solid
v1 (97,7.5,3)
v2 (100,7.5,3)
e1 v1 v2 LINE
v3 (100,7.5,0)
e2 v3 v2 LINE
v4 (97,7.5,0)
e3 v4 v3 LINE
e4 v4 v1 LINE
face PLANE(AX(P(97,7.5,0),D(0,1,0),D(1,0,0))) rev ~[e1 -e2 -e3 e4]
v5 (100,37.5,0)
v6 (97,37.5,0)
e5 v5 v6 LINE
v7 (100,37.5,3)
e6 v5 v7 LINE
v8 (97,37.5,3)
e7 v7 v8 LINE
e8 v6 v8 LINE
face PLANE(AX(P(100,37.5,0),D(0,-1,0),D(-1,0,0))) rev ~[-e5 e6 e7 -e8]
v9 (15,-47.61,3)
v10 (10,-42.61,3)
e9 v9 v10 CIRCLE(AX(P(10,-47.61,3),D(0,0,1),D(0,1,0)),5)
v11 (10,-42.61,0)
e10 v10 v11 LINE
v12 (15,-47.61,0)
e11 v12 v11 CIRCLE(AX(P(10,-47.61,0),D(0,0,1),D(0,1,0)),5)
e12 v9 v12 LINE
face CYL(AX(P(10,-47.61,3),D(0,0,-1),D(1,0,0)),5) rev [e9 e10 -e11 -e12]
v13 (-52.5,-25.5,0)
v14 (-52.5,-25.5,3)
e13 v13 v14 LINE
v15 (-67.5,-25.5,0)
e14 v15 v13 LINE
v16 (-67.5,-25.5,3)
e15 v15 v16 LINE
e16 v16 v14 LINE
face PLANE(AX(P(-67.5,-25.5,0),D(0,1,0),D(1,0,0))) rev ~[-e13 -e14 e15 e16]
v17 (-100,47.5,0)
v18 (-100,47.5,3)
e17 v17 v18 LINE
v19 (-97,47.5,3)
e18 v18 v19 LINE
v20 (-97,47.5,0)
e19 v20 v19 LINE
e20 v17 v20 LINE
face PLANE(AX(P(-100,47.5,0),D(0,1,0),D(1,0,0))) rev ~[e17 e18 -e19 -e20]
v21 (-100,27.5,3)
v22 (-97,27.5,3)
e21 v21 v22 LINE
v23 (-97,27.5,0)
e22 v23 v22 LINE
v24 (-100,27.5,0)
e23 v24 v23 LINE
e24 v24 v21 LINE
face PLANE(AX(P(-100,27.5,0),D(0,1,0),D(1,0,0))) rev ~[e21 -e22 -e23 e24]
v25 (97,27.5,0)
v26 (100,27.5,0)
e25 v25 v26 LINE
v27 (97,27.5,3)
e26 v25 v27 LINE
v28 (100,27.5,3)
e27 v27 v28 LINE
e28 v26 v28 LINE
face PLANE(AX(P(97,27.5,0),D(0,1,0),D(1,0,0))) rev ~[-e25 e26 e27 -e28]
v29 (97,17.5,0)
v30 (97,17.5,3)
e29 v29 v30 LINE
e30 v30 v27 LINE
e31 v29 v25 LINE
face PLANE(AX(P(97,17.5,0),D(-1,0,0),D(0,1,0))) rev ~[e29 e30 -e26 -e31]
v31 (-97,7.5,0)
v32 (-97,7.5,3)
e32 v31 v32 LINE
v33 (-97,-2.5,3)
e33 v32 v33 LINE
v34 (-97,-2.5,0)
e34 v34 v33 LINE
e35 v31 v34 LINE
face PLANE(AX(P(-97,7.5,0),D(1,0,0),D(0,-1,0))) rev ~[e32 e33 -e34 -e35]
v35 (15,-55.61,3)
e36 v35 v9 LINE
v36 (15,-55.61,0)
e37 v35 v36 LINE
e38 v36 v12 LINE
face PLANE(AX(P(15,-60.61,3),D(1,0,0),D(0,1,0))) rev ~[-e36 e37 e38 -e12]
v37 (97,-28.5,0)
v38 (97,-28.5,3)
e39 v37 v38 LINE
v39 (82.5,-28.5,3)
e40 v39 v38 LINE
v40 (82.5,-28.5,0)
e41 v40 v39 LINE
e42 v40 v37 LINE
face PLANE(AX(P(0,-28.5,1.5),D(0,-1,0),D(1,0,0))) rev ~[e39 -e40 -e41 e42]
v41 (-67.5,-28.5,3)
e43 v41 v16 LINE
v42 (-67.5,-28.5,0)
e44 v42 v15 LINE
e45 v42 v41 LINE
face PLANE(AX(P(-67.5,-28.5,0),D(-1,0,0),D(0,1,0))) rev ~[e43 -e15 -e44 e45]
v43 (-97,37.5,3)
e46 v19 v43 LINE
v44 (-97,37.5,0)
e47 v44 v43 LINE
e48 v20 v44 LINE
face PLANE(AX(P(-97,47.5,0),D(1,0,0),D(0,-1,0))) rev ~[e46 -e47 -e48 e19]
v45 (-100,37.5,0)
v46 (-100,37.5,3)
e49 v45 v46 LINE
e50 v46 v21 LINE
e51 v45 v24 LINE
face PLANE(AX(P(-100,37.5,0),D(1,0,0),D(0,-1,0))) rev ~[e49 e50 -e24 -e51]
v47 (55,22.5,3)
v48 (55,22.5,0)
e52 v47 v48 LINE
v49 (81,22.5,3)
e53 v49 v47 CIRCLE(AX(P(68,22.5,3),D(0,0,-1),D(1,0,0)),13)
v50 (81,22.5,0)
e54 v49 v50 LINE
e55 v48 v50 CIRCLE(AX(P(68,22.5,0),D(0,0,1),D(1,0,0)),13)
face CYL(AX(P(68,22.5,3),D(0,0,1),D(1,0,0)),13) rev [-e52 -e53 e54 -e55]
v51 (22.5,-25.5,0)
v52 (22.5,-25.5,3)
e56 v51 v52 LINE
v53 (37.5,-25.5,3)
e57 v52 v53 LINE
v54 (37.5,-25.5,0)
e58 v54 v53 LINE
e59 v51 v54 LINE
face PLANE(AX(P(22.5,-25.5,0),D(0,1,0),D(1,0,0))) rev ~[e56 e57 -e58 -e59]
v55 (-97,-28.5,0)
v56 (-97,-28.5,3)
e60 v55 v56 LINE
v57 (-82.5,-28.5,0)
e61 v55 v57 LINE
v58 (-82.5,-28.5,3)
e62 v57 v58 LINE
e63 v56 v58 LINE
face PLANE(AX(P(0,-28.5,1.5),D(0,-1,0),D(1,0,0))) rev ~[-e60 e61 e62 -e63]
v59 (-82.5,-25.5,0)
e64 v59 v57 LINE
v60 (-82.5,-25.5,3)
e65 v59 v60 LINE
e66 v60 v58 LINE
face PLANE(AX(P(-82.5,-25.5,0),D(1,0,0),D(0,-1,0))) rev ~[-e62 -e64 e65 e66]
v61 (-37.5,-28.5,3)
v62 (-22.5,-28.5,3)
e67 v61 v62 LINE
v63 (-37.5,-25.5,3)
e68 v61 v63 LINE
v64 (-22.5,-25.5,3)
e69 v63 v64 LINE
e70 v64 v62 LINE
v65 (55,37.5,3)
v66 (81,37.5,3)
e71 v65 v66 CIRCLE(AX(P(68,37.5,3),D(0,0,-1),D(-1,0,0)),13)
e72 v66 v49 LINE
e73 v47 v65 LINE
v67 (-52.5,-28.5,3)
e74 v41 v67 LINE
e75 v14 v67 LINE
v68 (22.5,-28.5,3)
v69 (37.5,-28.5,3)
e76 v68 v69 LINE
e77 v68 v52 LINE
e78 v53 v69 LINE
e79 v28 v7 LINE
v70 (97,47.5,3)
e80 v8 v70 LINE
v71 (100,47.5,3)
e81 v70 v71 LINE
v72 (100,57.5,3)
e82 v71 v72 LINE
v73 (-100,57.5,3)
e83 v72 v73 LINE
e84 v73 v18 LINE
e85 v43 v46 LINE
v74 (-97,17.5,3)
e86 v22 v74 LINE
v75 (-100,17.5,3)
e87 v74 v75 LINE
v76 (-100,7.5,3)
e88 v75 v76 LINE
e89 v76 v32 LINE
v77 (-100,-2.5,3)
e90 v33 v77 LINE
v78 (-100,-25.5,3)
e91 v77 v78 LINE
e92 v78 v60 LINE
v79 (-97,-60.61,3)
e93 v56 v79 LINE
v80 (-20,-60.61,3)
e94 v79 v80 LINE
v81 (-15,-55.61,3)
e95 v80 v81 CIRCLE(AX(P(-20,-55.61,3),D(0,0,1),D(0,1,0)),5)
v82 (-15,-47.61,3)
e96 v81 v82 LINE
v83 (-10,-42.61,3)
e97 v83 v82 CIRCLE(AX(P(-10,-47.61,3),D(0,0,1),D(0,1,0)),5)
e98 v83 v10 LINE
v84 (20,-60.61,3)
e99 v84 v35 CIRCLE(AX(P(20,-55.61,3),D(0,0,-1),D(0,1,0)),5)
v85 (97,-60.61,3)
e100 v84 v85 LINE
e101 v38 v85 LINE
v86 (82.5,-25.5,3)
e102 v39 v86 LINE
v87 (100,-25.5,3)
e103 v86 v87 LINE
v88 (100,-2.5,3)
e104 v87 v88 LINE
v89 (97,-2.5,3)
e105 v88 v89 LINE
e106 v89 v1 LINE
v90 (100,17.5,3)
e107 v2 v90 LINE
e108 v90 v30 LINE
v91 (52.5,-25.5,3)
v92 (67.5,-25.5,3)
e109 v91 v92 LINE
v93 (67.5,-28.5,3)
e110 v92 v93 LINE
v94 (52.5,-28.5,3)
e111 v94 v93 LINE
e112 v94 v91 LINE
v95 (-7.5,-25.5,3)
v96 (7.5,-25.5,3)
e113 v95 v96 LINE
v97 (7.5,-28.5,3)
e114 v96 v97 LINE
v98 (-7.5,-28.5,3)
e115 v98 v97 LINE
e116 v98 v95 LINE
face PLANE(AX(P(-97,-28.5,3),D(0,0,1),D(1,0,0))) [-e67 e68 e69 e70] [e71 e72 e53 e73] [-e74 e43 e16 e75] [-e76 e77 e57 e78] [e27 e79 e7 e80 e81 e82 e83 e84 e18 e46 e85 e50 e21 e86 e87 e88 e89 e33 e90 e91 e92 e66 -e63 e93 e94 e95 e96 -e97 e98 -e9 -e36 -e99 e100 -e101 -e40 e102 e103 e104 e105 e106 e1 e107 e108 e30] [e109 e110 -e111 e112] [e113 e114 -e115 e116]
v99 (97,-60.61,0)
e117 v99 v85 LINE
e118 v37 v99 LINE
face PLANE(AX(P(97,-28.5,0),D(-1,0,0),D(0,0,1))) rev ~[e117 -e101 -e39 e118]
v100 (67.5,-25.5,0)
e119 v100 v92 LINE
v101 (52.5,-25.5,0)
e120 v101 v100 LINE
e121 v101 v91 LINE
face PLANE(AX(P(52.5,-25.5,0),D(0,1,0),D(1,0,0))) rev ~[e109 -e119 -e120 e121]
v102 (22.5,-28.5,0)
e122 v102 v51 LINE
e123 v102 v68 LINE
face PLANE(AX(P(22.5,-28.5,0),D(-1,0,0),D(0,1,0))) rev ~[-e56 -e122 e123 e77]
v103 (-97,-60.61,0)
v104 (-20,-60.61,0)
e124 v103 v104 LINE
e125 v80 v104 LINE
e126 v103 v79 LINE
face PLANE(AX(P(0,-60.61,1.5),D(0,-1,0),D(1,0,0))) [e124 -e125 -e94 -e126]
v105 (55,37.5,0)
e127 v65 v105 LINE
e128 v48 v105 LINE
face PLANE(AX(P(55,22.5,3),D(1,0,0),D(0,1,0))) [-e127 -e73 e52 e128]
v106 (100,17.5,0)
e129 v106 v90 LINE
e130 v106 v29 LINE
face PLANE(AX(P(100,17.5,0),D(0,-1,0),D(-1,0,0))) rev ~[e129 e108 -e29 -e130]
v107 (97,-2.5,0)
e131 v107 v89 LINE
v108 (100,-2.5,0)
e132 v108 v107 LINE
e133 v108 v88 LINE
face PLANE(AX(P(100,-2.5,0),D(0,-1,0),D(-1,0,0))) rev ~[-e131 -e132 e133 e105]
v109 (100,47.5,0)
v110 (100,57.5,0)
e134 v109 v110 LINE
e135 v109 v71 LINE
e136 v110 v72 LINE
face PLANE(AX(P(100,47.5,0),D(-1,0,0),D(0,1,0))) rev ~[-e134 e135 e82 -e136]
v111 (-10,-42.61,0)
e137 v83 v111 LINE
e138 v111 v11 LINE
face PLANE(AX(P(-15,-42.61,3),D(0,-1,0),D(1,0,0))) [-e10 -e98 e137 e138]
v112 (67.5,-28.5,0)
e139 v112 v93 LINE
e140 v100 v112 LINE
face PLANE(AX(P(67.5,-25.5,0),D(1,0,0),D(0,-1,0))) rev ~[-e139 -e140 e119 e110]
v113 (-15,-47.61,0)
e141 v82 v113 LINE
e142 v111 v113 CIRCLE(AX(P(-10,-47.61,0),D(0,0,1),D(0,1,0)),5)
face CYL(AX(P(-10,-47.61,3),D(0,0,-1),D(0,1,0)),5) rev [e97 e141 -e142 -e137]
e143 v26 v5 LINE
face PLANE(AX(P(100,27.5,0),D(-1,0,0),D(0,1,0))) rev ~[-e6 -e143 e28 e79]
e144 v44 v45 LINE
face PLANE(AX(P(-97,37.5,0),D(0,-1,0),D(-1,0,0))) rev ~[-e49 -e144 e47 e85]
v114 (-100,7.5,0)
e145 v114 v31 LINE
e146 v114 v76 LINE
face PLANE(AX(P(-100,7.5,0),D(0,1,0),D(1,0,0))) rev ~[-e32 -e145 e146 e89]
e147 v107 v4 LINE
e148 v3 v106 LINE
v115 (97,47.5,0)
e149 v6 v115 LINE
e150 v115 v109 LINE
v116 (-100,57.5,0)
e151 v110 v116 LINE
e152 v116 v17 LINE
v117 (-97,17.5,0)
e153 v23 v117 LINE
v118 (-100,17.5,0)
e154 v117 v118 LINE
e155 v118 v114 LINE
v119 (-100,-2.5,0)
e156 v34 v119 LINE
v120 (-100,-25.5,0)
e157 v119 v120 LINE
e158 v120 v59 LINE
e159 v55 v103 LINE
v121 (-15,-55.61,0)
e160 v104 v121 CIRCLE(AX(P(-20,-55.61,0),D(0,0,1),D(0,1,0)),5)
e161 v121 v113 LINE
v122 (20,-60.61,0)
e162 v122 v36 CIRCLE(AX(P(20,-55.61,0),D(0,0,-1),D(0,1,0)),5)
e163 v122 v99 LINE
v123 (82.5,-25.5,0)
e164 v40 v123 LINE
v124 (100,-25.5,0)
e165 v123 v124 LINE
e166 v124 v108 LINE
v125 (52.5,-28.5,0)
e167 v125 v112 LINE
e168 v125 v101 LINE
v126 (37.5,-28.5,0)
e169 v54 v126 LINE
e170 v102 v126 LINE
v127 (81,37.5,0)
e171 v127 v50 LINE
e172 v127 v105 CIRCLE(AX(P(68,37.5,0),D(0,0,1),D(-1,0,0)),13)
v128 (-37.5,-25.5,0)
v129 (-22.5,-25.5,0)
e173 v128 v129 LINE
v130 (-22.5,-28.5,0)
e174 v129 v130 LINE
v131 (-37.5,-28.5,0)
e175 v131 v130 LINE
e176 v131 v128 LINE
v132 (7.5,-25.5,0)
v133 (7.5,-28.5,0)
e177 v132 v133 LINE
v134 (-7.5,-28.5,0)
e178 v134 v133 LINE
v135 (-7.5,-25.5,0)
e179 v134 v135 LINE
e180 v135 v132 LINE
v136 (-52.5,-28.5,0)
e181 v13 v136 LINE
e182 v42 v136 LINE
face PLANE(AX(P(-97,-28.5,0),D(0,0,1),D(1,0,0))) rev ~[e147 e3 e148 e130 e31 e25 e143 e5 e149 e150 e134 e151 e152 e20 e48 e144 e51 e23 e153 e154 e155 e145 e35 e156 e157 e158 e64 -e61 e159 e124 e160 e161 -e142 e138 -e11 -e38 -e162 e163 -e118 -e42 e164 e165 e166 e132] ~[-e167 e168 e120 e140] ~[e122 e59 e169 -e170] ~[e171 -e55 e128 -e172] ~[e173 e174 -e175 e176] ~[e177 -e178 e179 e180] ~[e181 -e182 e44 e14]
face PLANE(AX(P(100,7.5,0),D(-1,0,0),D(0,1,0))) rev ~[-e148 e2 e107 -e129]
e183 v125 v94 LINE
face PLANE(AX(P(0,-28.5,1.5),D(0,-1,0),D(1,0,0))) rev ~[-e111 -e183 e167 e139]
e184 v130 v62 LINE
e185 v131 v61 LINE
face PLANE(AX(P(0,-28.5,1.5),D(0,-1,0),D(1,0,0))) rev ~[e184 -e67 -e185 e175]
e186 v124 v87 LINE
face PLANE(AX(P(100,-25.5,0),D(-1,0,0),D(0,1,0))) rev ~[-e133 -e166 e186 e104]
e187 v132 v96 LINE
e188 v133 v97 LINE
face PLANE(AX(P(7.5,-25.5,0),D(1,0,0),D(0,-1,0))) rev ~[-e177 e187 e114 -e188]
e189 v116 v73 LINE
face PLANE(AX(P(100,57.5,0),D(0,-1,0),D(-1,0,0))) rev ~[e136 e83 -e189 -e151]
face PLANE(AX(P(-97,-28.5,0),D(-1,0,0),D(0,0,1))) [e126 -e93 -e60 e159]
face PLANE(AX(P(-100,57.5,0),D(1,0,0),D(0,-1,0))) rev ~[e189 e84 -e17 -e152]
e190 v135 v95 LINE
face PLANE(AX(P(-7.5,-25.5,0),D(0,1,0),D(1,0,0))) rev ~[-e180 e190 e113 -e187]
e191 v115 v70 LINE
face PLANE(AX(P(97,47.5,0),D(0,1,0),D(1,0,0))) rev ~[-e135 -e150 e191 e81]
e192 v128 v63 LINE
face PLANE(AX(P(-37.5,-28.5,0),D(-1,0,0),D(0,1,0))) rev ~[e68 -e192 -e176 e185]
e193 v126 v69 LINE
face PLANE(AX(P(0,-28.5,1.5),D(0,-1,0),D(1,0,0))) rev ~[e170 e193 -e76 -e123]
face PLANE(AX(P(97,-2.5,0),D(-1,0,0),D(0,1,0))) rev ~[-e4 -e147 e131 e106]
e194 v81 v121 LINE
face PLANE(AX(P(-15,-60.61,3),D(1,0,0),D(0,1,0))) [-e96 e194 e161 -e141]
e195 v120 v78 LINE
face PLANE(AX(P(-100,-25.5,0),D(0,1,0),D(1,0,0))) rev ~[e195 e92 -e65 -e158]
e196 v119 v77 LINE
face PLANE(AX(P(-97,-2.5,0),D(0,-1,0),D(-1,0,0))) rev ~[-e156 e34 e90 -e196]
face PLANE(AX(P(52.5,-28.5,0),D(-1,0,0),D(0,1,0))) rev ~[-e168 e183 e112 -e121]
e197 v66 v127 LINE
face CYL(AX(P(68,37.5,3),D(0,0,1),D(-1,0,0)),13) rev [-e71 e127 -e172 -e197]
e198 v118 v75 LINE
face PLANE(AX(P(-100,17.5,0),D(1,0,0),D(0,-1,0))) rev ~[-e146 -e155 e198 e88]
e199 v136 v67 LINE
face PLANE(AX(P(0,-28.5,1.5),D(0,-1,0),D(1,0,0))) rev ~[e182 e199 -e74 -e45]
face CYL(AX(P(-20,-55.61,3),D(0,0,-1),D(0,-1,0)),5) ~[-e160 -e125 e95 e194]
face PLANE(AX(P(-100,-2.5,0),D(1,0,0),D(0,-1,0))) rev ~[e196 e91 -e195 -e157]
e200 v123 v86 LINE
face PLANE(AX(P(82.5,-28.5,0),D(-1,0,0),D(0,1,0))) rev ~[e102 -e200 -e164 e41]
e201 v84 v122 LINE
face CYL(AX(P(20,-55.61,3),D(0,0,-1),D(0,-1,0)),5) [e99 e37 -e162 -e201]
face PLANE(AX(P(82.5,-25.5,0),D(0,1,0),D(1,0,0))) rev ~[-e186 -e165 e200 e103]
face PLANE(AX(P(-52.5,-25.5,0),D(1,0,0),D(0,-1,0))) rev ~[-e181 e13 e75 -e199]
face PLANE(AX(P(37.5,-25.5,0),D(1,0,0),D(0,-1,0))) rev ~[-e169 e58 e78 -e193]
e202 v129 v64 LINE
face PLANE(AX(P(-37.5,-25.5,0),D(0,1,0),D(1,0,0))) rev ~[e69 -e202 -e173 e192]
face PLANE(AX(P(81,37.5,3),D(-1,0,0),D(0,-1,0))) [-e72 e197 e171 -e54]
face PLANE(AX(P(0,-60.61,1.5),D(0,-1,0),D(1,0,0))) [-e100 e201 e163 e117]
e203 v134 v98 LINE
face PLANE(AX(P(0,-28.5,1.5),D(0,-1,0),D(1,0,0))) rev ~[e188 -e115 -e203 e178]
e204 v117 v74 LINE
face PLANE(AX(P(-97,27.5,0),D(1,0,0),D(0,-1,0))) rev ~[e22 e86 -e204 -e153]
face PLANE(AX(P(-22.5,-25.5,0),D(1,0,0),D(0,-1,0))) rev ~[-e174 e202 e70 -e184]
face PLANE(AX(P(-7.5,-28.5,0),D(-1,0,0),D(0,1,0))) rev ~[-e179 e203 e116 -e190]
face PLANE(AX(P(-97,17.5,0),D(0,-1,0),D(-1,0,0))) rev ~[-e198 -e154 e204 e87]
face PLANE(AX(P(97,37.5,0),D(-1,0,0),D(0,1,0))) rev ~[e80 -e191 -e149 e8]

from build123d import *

# Parameters (mm, degrees)
BOSS_EXTRUDE1_DEPTH = 3
CUT_EXTRUDE1_DEPTH  = 10
SKETCH3_W           = 194
SKETCH3_H           = 3
BOSS_EXTRUDE2_DEPTH = 32.11
SKETCH4_W           = 30
SKETCH4_H           = 18
CUT_EXTRUDE2_DEPTH  = 22
FILLET1_R           = 5
FILLET2_R           = 5


with BuildPart() as part:
    # Sketch1 → Boss-Extrude1 (new body)
    with BuildSketch(Plane.XY):
        Polygon((100, -2.5), (97, -2.5), (97, 7.5), (100, 7.5), (100, 17.5), (97, 17.5), (97, 27.5), (100, 27.5), (100, 37.5), (97, 37.5), (97, 47.5), (100, 47.5), (100, 57.5), (97, 57.5), (-97, 57.5), (-100, 57.5), (-100, 47.5), (-97, 47.5), (-97, 37.5), (-100, 37.5), (-100, 27.5), (-97, 27.5), (-97, 17.5), (-100, 17.5), (-100, 7.5), (-97, 7.5), (-97, -2.5), (-100, -2.5), (-100, -25.5), (-97, -25.5), (-82.5, -25.5), (-82.5, -28.5), (-67.5, -28.5), (-67.5, -25.5), (-52.5, -25.5), (-52.5, -28.5), (-37.5, -28.5), (-37.5, -25.5), (-22.5, -25.5), (-22.5, -28.5), (-7.5, -28.5), (-7.5, -25.5), (0, -25.5), (7.5, -25.5), (7.5, -28.5), (22.5, -28.5), (22.5, -25.5), (30, -25.5), (37.5, -25.5), (37.5, -28.5), (52.5, -28.5), (52.5, -25.5), (60, -25.5), (67.5, -25.5), (67.5, -28.5), (82.5, -28.5), (82.5, -25.5), (97, -25.5), (100, -25.5), align=None)
    extrude(amount=BOSS_EXTRUDE1_DEPTH)

    # Sketch2 → Cut-Extrude1 (cut)
    with BuildSketch(Plane.XY.offset(3)):
        with BuildLine():
            Line((55, 22.5), (55, 37.5))
            ThreePointArc((55, 37.5), (68, 50.5), (81, 37.5))
            Line((81, 37.5), (81, 22.5))
            ThreePointArc((81, 22.5), (68, 9.5), (55, 22.5))
        make_face()
    extrude(amount=-CUT_EXTRUDE1_DEPTH, mode=Mode.SUBTRACT)

    # Sketch3 → Boss-Extrude2 (add)
    with BuildSketch(Plane.XZ.offset(28.5)):
        with Locations((0, 1.5)):
            Rectangle(SKETCH3_W, SKETCH3_H)
    extrude(amount=BOSS_EXTRUDE2_DEPTH)

    # Sketch4 → Cut-Extrude2 (cut)
    with BuildSketch(Plane.XY.offset(3)):
        with Locations((0, -51.61)):
            Rectangle(SKETCH4_W, SKETCH4_H)
    extrude(amount=-CUT_EXTRUDE2_DEPTH, mode=Mode.SUBTRACT)

    # Fillet1
    fillet1_edges = [part.edges().sort_by_distance(p)[0] for p in [
        (15, -60.61, 1.5),
        (-15, -60.61, 1.5),
    ]]
    fillet(fillet1_edges, radius=FILLET1_R)

    # Fillet2
    fillet2_edges = [part.edges().sort_by_distance(p)[0] for p in [
        (-15, -42.61, 1.5),
        (15, -42.61, 1.5),
    ]]
    fillet(fillet2_edges, radius=FILLET2_R)


solid = part.part
